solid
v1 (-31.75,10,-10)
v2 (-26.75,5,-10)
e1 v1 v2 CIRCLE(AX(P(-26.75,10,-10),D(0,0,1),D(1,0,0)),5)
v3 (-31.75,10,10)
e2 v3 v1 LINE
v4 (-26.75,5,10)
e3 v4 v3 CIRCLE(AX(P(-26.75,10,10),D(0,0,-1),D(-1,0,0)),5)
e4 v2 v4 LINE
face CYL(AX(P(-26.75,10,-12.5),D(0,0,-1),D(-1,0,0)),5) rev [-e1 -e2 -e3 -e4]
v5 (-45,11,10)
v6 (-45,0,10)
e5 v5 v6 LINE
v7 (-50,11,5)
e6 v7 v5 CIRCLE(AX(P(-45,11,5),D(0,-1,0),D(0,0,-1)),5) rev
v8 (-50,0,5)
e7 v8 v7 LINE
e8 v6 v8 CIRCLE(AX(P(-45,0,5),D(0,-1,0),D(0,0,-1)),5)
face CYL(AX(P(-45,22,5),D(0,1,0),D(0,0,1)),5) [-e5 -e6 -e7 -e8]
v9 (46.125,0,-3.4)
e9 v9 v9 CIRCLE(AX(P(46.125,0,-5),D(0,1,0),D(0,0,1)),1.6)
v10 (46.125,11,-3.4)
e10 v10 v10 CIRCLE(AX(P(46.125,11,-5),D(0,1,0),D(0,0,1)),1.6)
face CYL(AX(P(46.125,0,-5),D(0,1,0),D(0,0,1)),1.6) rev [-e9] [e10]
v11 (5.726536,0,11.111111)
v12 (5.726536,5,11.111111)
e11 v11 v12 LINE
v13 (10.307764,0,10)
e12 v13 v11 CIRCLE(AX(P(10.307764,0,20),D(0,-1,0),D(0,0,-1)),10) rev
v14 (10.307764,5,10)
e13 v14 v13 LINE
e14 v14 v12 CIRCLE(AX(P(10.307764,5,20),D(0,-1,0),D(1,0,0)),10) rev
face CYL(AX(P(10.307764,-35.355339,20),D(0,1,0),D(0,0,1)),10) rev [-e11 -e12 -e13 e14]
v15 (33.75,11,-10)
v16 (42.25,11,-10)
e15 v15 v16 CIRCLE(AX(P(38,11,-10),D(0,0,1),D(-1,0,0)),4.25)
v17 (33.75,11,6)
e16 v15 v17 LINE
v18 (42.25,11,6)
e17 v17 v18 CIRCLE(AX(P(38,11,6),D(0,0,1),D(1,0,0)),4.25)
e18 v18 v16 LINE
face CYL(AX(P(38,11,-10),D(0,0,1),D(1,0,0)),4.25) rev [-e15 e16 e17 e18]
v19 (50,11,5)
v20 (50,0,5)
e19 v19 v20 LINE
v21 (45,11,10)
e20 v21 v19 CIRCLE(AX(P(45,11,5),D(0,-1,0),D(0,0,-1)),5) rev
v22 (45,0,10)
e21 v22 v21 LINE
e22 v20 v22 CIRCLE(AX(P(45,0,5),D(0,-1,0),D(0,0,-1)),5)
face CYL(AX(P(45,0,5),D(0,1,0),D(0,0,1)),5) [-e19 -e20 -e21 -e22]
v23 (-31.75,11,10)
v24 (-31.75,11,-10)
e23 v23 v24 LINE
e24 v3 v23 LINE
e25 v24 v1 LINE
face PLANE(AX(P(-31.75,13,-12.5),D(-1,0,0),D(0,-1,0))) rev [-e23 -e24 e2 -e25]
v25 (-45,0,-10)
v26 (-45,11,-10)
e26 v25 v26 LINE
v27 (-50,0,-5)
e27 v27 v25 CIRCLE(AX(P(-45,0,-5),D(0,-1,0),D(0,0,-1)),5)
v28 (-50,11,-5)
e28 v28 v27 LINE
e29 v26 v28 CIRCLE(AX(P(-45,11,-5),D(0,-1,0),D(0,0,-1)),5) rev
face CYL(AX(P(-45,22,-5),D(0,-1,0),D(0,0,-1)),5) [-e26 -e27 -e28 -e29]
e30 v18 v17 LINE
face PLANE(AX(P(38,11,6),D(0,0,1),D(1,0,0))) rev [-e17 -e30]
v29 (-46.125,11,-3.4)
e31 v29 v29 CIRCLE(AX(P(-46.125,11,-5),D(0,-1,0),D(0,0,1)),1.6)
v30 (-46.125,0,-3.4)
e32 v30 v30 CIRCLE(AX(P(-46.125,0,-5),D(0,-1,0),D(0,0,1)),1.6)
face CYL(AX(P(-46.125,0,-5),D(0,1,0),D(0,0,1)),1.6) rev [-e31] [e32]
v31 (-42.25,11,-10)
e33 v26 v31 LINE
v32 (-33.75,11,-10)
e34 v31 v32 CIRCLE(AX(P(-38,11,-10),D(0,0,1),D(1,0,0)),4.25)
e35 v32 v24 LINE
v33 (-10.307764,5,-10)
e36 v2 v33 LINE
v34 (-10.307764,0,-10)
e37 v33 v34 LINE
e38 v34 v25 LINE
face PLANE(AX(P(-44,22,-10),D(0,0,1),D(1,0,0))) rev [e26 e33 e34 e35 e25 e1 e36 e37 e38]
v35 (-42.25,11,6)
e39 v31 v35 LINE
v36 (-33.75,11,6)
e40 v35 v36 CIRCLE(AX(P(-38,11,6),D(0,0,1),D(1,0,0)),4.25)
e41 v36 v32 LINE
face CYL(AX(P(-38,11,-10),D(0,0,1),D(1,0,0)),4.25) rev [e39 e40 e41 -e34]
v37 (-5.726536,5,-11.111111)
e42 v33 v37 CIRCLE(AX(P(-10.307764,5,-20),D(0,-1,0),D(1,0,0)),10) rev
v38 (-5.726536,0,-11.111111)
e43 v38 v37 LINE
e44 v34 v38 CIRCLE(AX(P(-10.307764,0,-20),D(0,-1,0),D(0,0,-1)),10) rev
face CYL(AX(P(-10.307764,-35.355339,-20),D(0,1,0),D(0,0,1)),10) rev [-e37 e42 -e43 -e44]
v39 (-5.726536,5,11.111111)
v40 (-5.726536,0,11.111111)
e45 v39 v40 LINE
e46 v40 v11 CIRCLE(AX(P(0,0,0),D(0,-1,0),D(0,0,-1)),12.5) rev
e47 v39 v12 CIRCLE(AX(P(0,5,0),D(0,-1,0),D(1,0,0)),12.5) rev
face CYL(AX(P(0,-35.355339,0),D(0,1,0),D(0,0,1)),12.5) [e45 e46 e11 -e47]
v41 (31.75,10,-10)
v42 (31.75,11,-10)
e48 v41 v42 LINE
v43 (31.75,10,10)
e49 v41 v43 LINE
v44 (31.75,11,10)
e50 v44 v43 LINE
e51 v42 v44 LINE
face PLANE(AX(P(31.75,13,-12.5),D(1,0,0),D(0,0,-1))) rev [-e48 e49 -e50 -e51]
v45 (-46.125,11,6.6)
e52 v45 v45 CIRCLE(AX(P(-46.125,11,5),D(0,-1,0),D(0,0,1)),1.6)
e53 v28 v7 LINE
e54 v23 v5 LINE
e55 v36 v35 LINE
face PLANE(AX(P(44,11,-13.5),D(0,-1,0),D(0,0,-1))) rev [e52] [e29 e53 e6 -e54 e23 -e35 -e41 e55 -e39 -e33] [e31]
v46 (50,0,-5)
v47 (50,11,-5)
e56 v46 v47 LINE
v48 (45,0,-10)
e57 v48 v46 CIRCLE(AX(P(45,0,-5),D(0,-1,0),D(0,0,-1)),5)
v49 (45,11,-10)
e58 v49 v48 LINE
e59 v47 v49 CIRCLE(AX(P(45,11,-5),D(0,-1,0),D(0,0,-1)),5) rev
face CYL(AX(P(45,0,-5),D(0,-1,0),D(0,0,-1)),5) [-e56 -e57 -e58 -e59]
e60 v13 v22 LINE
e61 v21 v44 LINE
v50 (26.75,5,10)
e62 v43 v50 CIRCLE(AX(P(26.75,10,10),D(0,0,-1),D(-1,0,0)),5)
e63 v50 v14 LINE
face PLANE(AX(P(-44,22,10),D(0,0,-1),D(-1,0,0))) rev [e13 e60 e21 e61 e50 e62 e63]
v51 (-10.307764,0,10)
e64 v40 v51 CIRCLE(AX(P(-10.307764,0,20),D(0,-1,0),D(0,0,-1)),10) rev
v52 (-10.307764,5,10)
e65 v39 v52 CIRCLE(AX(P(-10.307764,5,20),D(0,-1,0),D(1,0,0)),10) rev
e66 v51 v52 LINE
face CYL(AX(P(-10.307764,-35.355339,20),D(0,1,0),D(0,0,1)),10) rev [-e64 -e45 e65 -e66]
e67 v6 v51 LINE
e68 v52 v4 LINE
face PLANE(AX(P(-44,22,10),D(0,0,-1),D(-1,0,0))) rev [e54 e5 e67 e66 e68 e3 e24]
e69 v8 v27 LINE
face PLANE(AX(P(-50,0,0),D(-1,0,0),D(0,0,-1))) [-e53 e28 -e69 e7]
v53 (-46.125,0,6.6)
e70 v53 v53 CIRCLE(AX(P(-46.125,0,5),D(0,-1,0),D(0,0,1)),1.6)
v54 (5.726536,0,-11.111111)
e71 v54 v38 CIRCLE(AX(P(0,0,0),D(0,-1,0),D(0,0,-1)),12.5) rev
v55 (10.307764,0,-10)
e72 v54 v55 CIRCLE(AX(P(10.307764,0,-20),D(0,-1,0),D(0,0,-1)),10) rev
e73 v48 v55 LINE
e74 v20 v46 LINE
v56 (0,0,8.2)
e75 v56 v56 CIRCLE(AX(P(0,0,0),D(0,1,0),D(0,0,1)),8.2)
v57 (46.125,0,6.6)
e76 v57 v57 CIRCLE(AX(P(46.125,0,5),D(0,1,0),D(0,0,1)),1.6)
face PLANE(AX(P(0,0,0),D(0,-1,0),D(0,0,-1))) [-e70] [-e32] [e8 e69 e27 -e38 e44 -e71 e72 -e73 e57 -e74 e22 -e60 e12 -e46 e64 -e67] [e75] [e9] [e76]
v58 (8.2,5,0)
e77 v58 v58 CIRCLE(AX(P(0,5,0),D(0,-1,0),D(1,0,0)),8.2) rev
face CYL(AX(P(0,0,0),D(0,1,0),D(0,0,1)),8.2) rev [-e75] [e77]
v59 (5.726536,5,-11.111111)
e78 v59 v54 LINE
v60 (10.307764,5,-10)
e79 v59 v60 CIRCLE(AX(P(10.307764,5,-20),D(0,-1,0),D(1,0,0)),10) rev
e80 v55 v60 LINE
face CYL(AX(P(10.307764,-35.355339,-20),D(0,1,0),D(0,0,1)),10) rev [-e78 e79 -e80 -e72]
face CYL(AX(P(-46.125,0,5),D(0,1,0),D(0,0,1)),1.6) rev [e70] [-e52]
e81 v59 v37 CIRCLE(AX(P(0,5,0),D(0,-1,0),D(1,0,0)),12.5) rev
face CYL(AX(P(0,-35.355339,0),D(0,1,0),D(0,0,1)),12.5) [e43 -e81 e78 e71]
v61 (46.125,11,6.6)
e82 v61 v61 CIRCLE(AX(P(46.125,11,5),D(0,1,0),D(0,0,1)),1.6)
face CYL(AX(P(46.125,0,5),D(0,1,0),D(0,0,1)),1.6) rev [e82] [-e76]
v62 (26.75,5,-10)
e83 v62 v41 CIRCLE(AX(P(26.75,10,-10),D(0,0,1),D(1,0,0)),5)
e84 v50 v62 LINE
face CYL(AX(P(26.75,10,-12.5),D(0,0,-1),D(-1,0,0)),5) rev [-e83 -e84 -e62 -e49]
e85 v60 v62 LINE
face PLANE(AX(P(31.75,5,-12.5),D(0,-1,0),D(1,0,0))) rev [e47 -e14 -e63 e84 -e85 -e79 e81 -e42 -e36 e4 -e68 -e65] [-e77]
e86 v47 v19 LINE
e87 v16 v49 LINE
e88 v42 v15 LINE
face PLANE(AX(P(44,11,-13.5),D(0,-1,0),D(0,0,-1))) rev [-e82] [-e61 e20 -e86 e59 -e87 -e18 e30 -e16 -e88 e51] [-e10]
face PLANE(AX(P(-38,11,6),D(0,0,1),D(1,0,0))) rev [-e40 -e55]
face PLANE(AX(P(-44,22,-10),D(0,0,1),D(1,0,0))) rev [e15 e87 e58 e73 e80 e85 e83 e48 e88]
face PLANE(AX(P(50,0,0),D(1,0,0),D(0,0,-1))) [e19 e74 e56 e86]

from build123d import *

# Parameters (mm, degrees)
SKETCH1_W               = 88
SKETCH1_H               = 20
BOSS_EXTRUDE1_DEPTH     = 22
SKETCH2_R               = 4.25
CUT_EXTRUDE1_DEPTH      = 21
SKETCH7_R               = 12.5
BOSS_EXTRUDE2_DEPTH     = 22
SKETCH4_R               = 8.2
CUT_EXTRUDE3_DEPTH      = 23
FILLET2_R               = 10
SKETCH9_W               = 27
SKETCH9_H               = 11
CUT_EXTRUDE4_DEPTH      = 89
SKETCH10_W              = 63.5
SKETCH10_H              = 8
CUT_EXTRUDE5_DEPTH      = 13.5
CUT_EXTRUDE5_DEPTH_BACK = 13.5
FILLET3_R               = 5
SKETCH11_W              = 20
SKETCH11_H              = 11
BOSS_EXTRUDE3_DEPTH     = 6
SKETCH12_R              = 1.6
CUT_EXTRUDE6_DEPTH      = 12
FILLET4_R               = 5
BOSS_EXTRUDE4_DEPTH     = 4


with BuildPart() as part:
    # Sketch1 → Boss-Extrude1 (new body)
    with BuildSketch(Plane(origin=(0, 0, 0), x_dir=(1, 0, 0), z_dir=(0, 1, 0))):
        Rectangle(SKETCH1_W, SKETCH1_H)
    extrude(amount=BOSS_EXTRUDE1_DEPTH)

    # Sketch2 → Cut-Extrude1 (cut, through all)
    with BuildSketch(Plane.XY.offset(10)):
        with Locations((-38, 11)):
            Circle(SKETCH2_R)
        with Locations((38, 11)):
            Circle(SKETCH2_R)
    extrude(amount=-CUT_EXTRUDE1_DEPTH, mode=Mode.SUBTRACT)

    # Sketch7 → Boss-Extrude2 (add)
    with BuildSketch(Plane(origin=(0, 22, 0), x_dir=(1, 0, 0), z_dir=(0, 1, 0))):
        Circle(SKETCH7_R)
    extrude(amount=-BOSS_EXTRUDE2_DEPTH)

    # Sketch4 → Cut-Extrude3 (cut, through all)
    with BuildSketch(Plane(origin=(0, 22, 0), x_dir=(1, 0, 0), z_dir=(0, 1, 0))):
        Circle(SKETCH4_R)
    extrude(amount=-CUT_EXTRUDE3_DEPTH, mode=Mode.SUBTRACT)

    # Fillet2
    fillet2_edges = [part.edges().sort_by_distance(p)[0] for p in [
        (7.5, 11, -10),
        (7.5, 11, 10),
        (-7.5, 11, -10),
        (-7.5, 11, 10),
    ]]
    fillet(fillet2_edges, radius=FILLET2_R)

    # Sketch9 → Cut-Extrude4 (cut, through all)
    with BuildSketch(Plane.ZY.offset(44)):
        with Locations((0, 16.5)):
            Rectangle(SKETCH9_W, SKETCH9_H)
    extrude(amount=-CUT_EXTRUDE4_DEPTH, mode=Mode.SUBTRACT)

    # Sketch10 → Cut-Extrude5 (cut, two sides)
    with BuildSketch(Plane.XY) as cut_extrude5_sk:
        with Locations((0, 9)):
            Rectangle(SKETCH10_W, SKETCH10_H)
    extrude(amount=CUT_EXTRUDE5_DEPTH, mode=Mode.SUBTRACT)
    extrude(cut_extrude5_sk.sketch, amount=-CUT_EXTRUDE5_DEPTH_BACK, mode=Mode.SUBTRACT)

    # Fillet3
    fillet3_edges = [part.edges().sort_by_distance(p)[0] for p in [
        (31.75, 5, 0),
        (-31.75, 5, 0),
    ]]
    fillet(fillet3_edges, radius=FILLET3_R)

    # Sketch11 → Boss-Extrude3 (add)
    with BuildSketch(Plane(origin=(44, 0, 0), x_dir=(0, 0, -1), z_dir=(1, 0, 0))):
        with Locations((0, 5.5)):
            Rectangle(SKETCH11_W, SKETCH11_H)
    boss_extrude3 = extrude(amount=BOSS_EXTRUDE3_DEPTH)

    # Sketch12 → Cut-Extrude6 (cut, through all)
    with BuildSketch(Plane(origin=(0, 11, 0), x_dir=(1, 0, 0), z_dir=(0, 1, 0))):
        with Locations((46.125, -5)):
            Circle(SKETCH12_R)
        with Locations((46.125, 5)):
            Circle(SKETCH12_R)
    cut_extrude6 = extrude(amount=-CUT_EXTRUDE6_DEPTH, mode=Mode.SUBTRACT)

    # Mirror1: Boss-Extrude3, Cut-Extrude6 across plane
    add(boss_extrude3.mirror(Plane(origin=(0, 0, 0), x_dir=(0, 0, 1), z_dir=(1, 0, 0))))
    add(cut_extrude6.mirror(Plane(origin=(0, 0, 0), x_dir=(0, 0, 1), z_dir=(1, 0, 0))), mode=Mode.SUBTRACT)

    # Fillet4
    fillet4_edges = [part.edges().sort_by_distance(p)[0] for p in [
        (50, 5.5, -10),
        (50, 5.5, 10),
        (-50, 5.5, 10),
        (-50, 5.5, -10),
    ]]
    fillet(fillet4_edges, radius=FILLET4_R)

    # Sketch13 → Boss-Extrude4 (add)
    with BuildSketch(Plane.XY.offset(10)):
        with BuildLine():
            Line((-42.25, 11), (-33.75, 11))
            ThreePointArc((-33.75, 11), (-38, 6.75), (-42.25, 11))
        make_face()
        with BuildLine():
            Line((33.75, 11), (42.25, 11))
            ThreePointArc((42.25, 11), (38, 6.75), (33.75, 11))
        make_face()
    extrude(amount=-BOSS_EXTRUDE4_DEPTH)


solid = part.part
